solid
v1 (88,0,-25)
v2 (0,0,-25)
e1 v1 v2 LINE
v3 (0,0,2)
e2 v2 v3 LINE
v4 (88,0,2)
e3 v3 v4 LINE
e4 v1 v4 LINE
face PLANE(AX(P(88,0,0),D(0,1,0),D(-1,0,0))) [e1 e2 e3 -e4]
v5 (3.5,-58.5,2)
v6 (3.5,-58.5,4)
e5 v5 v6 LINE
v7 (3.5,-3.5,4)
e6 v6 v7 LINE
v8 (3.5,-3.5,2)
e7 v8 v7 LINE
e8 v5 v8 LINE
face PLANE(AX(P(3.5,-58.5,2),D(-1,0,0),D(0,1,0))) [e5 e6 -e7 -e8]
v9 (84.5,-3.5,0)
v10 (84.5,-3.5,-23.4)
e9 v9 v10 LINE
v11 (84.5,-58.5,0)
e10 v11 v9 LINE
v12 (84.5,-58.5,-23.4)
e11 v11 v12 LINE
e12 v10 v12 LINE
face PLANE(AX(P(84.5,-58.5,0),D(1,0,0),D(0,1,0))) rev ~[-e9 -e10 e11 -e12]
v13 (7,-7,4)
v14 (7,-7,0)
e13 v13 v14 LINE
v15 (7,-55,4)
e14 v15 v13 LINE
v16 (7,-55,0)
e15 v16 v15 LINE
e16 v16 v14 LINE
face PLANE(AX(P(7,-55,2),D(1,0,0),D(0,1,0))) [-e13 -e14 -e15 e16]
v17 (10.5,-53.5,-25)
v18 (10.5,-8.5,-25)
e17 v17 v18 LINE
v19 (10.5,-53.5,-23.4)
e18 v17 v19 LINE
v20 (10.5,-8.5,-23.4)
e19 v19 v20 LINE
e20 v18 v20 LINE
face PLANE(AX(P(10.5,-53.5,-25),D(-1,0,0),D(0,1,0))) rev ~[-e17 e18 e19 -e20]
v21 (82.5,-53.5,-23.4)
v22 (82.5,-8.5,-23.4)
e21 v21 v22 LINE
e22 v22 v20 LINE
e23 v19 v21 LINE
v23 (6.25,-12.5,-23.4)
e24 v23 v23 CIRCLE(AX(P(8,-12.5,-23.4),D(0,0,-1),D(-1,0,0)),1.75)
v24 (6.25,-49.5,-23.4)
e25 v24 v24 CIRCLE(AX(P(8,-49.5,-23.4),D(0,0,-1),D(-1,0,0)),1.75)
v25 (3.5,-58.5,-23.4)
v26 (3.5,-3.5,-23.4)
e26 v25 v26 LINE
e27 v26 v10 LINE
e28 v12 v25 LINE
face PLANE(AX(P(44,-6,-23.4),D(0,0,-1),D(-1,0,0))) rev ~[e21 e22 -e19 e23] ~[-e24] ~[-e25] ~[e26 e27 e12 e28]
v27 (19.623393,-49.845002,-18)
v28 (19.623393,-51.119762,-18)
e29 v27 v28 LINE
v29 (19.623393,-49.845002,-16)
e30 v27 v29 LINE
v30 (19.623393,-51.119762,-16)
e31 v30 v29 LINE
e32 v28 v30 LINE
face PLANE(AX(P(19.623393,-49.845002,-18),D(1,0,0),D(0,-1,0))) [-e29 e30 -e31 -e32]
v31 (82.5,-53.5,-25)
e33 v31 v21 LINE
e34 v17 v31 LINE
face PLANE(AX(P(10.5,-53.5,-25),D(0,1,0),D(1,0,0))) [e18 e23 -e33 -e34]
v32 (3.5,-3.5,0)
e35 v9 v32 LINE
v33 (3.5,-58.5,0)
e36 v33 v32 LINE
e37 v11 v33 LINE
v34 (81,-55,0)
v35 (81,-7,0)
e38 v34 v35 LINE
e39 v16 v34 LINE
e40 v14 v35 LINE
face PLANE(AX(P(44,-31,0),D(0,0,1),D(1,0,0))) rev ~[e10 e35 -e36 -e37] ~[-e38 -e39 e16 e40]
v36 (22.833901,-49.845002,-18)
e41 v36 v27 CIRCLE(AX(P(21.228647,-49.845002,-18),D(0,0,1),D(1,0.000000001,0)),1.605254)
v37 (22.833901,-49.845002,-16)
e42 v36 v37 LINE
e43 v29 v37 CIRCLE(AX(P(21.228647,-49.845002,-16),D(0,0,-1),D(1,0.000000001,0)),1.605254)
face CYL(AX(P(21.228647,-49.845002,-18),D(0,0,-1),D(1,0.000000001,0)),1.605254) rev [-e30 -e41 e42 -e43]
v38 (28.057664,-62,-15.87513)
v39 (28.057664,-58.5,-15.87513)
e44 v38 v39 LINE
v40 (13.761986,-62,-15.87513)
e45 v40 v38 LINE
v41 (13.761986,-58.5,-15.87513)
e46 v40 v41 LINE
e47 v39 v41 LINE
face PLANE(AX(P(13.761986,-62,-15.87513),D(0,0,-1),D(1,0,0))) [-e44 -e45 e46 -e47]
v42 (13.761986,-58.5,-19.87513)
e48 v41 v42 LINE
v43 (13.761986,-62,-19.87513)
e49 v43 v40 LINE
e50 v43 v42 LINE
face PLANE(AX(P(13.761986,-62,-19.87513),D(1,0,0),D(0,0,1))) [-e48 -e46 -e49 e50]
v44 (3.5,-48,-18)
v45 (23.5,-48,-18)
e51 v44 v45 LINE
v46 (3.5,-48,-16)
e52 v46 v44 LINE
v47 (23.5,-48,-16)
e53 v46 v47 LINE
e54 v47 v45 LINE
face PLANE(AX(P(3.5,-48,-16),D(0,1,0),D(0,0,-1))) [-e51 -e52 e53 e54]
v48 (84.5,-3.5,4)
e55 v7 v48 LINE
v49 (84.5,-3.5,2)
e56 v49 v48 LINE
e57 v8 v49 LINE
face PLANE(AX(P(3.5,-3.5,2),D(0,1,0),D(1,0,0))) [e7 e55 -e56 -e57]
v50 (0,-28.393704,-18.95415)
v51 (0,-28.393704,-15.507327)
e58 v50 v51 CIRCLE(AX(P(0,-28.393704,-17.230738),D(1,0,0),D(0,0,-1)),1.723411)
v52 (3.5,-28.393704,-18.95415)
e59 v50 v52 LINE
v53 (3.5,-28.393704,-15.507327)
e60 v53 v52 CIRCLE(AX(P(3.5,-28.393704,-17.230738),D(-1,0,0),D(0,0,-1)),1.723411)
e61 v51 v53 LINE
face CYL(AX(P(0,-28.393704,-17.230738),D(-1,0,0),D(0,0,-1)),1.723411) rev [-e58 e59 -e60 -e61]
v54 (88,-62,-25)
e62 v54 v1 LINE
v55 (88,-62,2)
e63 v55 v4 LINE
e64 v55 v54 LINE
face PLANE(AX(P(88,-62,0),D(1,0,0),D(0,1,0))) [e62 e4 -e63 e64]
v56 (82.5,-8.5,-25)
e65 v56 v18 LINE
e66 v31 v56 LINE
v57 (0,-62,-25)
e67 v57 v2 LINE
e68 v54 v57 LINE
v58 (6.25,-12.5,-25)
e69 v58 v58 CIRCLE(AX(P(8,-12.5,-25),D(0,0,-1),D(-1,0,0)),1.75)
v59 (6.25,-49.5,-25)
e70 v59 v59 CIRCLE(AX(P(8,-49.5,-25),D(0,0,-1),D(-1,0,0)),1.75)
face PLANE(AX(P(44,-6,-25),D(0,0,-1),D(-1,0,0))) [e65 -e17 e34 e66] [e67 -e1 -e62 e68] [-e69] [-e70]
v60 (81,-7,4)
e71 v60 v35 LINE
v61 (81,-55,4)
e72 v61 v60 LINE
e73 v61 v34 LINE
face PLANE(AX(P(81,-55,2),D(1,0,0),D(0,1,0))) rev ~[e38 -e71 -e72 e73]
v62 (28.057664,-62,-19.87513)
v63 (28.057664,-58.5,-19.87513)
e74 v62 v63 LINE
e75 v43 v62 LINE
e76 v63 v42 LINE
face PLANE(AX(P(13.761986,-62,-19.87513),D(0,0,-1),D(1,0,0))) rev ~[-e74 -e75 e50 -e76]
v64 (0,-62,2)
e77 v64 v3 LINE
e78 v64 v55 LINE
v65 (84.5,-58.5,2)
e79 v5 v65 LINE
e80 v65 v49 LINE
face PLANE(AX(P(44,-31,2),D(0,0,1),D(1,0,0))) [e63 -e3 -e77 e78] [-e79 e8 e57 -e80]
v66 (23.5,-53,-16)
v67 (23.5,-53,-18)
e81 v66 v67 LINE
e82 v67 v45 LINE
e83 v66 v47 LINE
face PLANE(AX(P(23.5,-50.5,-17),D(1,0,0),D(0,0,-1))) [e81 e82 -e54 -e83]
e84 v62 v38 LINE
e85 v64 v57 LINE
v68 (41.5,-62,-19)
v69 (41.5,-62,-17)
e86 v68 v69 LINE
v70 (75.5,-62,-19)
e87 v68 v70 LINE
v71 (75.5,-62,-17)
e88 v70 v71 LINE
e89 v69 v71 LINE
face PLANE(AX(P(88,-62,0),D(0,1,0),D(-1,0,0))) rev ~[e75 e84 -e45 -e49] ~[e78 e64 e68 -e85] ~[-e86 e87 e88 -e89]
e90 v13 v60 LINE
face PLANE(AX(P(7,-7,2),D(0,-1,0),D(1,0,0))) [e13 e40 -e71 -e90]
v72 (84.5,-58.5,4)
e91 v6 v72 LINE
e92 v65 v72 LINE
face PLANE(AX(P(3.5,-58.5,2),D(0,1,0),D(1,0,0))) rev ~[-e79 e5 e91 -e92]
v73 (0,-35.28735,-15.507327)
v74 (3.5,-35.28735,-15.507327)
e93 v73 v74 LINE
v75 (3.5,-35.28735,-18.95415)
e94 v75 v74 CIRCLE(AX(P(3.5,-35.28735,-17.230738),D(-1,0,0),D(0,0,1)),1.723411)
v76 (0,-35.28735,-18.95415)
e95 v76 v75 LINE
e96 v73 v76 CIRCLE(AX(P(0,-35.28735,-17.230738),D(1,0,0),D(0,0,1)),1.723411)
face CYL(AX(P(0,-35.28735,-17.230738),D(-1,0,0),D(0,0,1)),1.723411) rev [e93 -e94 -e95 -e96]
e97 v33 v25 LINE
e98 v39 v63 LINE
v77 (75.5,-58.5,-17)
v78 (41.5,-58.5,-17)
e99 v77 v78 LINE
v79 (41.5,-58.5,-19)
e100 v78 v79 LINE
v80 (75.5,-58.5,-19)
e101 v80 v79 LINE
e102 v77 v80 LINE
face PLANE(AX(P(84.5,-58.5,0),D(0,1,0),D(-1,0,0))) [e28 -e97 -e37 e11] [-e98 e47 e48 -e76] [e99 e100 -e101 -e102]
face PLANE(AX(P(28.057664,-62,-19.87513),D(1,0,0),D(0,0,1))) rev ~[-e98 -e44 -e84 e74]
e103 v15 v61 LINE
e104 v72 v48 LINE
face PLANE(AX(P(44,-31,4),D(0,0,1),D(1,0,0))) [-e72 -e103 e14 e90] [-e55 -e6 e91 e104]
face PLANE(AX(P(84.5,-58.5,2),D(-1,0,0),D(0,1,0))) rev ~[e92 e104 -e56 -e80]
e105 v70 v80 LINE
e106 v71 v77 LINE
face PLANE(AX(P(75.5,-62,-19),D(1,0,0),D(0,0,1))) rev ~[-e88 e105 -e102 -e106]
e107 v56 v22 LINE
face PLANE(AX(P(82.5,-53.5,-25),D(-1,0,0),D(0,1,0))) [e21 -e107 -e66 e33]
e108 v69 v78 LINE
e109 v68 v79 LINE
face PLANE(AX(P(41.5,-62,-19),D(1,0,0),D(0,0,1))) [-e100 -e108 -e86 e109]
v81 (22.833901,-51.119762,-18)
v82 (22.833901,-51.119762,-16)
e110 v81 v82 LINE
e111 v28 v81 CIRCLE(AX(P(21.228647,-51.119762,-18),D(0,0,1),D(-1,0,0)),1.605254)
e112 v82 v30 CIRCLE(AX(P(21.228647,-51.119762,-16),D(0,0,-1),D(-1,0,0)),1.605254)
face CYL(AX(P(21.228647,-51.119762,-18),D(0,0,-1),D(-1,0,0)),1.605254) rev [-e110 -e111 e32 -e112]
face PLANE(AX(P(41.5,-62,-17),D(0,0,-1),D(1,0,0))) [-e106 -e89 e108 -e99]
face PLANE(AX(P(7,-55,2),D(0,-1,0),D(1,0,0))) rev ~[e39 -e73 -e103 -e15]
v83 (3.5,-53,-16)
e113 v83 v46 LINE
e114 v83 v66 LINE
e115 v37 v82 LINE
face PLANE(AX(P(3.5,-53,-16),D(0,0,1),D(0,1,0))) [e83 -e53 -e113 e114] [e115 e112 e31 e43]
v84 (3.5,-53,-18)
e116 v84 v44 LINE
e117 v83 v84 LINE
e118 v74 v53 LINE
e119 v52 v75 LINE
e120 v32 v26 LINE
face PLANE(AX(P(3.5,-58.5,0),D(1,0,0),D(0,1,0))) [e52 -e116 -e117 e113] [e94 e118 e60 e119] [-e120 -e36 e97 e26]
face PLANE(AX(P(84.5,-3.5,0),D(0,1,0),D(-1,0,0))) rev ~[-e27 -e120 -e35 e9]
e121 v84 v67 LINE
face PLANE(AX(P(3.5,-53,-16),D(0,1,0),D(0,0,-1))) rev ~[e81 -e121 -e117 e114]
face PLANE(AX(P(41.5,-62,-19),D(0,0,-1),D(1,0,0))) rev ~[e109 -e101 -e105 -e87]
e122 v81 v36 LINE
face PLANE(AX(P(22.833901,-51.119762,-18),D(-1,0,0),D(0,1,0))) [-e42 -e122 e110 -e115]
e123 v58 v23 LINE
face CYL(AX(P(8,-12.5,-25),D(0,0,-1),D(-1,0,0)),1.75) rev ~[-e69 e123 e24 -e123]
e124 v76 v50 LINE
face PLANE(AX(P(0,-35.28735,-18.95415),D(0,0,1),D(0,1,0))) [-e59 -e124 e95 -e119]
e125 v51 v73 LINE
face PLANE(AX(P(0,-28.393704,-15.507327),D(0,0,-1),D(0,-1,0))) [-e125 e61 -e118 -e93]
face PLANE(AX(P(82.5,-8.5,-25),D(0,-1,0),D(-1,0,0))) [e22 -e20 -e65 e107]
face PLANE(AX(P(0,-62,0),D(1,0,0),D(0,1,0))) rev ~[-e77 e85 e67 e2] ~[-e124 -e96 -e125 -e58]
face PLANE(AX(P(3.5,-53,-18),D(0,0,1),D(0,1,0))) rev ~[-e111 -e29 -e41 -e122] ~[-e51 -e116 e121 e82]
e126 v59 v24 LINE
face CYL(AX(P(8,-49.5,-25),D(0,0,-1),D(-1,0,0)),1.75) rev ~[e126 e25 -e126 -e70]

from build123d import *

# Parameters (mm, degrees)
SKETCH_1_W          = 88
SKETCH_1_H          = 62
EXTRUDE_1_DEPTH     = 2
SKETCH_2_W          = 81
SKETCH_2_H          = 55
SKETCH_2_W_2        = 74
SKETCH_2_H_2        = 48
EXTRUDE_2_DEPTH     = 2
SKETCH_3_W          = 88
SKETCH_3_H          = 62
SKETCH_3_W_2        = 81
SKETCH_3_H_2        = 55
EXTRUDE_3_DEPTH     = 25
SKETCH_5_W          = 74
SKETCH_5_H          = 48
CUT_EXTRUDE_1_DEPTH = 20
SKETCH_6_W          = 7
SKETCH_6_H          = 45
SKETCH_6_R          = 1.75
SKETCH_6_W_2        = 2
EXTRUDE_4_DEPTH     = 1.6
SKETCH_8_W          = 2
SKETCH_8_H          = 5
EXTRUDE_5_DEPTH     = 20
CUT_EXTRUDE_2_DEPTH = 17
SKETCH_7_W          = 34
SKETCH_7_H          = 2
SKETCH_7_W_2        = 14.295678294
SKETCH_7_H_2        = 4
CUT_EXTRUDE_3_DEPTH = 5
CUT_EXTRUDE_4_DEPTH = 5


with BuildPart() as part:
    # 草图1 → 凸台-拉伸1 (new body)
    with BuildSketch(Plane.XY):
        with Locations((44, -31)):
            Rectangle(SKETCH_1_W, SKETCH_1_H)
    extrude(amount=EXTRUDE_1_DEPTH)

    # 草图2 → 凸台-拉伸2 (add)
    with BuildSketch(Plane.XY.offset(2)):
        with Locations((44, -31)):
            Rectangle(SKETCH_2_W, SKETCH_2_H)
        with Locations((44, -31)):
            Rectangle(SKETCH_2_W_2, SKETCH_2_H_2, mode=Mode.SUBTRACT)
    extrude(amount=EXTRUDE_2_DEPTH)

    # 草图3 → 凸台-拉伸3 (add)
    with BuildSketch(Plane(origin=(0, 0, 0), x_dir=(-1, 0, 0), z_dir=(0, 0, -1))):
        with Locations((-44, -31)):
            Rectangle(SKETCH_3_W, SKETCH_3_H)
        with Locations((-44, -31)):
            Rectangle(SKETCH_3_W_2, SKETCH_3_H_2, mode=Mode.SUBTRACT)
    extrude(amount=EXTRUDE_3_DEPTH)

    # 草图5 → 切除-拉伸1 (cut)
    with BuildSketch(Plane.XY.offset(2)):
        with Locations((44, -31)):
            Rectangle(SKETCH_5_W, SKETCH_5_H)
    extrude(amount=-CUT_EXTRUDE_1_DEPTH, mode=Mode.SUBTRACT)

    # 草图6 → 凸台-拉伸4 (add)
    with BuildSketch(Plane(origin=(0, 0, -25), x_dir=(-1, 0, 0), z_dir=(0, 0, -1))):
        Polygon((-3.5, -3.5), (-84.5, -3.5), (-84.5, -8.5), (-82.5, -8.5), (-10.5, -8.5), (-3.5, -8.5), align=None)
        with Locations((-7, -31)):
            Rectangle(SKETCH_6_W, SKETCH_6_H)
        with Locations((-8, -49.5)):
            Circle(SKETCH_6_R, mode=Mode.SUBTRACT)
        with Locations((-8, -12.5)):
            Circle(SKETCH_6_R, mode=Mode.SUBTRACT)
        with Locations((-83.5, -31)):
            Rectangle(SKETCH_6_W_2, SKETCH_6_H)
        Polygon((-82.5, -53.5), (-84.5, -53.5), (-84.5, -58.5), (-3.5, -58.5), (-3.5, -53.5), (-10.5, -53.5), align=None)
    extrude(amount=-EXTRUDE_4_DEPTH)

    # 草图8 → 凸台-拉伸5 (add)
    with BuildSketch(Plane(origin=(3.5, 0, 0), x_dir=(0, 0, -1), z_dir=(1, 0, 0))):
        with Locations((17, -50.5)):
            Rectangle(SKETCH_8_W, SKETCH_8_H)
    extrude(amount=EXTRUDE_5_DEPTH)

    # 草图10 → 切除-拉伸2 (cut)
    with BuildSketch(Plane(origin=(0, 0, -18), x_dir=(-1, 0, 0), z_dir=(0, 0, -1))):
        with BuildLine():
            Line((-19.62339277, -49.845001647), (-19.62339277, -51.119762416))
            ThreePointArc((-19.62339277, -51.119762416), (-21.228647072, -52.725016718), (-22.833901374, -51.119762416))
            Line((-22.833901374, -51.119762416), (-22.833901374, -49.845001647))
            ThreePointArc((-22.833901374, -49.845001647), (-21.228647072, -48.239747346), (-19.62339277, -49.845001647))
        make_face()
    extrude(amount=-CUT_EXTRUDE_2_DEPTH, mode=Mode.SUBTRACT)

    # 草图7 → 切除-拉伸3 (cut)
    with BuildSketch(Plane.XZ.offset(62)):
        with Locations((58.5, -18)):
            Rectangle(SKETCH_7_W, SKETCH_7_H)
        with Locations((20.909824804, -17.875130222)):
            Rectangle(SKETCH_7_W_2, SKETCH_7_H_2)
    extrude(amount=-CUT_EXTRUDE_3_DEPTH, mode=Mode.SUBTRACT)

    # 草图11 → 切除-拉伸4 (cut)
    with BuildSketch(Plane.ZY):
        with BuildLine():
            Line((-15.507327091, -28.393704354), (-15.507327091, -35.287349512))
            ThreePointArc((-15.507327091, -35.287349512), (-17.230738381, -37.010760802), (-18.954149671, -35.287349512))
            Line((-18.954149671, -35.287349512), (-18.954149671, -28.393704354))
            ThreePointArc((-18.954149671, -28.393704354), (-17.230738381, -26.670293064), (-15.507327091, -28.393704354))
        make_face()
    extrude(amount=-CUT_EXTRUDE_4_DEPTH, mode=Mode.SUBTRACT)


solid = part.part
